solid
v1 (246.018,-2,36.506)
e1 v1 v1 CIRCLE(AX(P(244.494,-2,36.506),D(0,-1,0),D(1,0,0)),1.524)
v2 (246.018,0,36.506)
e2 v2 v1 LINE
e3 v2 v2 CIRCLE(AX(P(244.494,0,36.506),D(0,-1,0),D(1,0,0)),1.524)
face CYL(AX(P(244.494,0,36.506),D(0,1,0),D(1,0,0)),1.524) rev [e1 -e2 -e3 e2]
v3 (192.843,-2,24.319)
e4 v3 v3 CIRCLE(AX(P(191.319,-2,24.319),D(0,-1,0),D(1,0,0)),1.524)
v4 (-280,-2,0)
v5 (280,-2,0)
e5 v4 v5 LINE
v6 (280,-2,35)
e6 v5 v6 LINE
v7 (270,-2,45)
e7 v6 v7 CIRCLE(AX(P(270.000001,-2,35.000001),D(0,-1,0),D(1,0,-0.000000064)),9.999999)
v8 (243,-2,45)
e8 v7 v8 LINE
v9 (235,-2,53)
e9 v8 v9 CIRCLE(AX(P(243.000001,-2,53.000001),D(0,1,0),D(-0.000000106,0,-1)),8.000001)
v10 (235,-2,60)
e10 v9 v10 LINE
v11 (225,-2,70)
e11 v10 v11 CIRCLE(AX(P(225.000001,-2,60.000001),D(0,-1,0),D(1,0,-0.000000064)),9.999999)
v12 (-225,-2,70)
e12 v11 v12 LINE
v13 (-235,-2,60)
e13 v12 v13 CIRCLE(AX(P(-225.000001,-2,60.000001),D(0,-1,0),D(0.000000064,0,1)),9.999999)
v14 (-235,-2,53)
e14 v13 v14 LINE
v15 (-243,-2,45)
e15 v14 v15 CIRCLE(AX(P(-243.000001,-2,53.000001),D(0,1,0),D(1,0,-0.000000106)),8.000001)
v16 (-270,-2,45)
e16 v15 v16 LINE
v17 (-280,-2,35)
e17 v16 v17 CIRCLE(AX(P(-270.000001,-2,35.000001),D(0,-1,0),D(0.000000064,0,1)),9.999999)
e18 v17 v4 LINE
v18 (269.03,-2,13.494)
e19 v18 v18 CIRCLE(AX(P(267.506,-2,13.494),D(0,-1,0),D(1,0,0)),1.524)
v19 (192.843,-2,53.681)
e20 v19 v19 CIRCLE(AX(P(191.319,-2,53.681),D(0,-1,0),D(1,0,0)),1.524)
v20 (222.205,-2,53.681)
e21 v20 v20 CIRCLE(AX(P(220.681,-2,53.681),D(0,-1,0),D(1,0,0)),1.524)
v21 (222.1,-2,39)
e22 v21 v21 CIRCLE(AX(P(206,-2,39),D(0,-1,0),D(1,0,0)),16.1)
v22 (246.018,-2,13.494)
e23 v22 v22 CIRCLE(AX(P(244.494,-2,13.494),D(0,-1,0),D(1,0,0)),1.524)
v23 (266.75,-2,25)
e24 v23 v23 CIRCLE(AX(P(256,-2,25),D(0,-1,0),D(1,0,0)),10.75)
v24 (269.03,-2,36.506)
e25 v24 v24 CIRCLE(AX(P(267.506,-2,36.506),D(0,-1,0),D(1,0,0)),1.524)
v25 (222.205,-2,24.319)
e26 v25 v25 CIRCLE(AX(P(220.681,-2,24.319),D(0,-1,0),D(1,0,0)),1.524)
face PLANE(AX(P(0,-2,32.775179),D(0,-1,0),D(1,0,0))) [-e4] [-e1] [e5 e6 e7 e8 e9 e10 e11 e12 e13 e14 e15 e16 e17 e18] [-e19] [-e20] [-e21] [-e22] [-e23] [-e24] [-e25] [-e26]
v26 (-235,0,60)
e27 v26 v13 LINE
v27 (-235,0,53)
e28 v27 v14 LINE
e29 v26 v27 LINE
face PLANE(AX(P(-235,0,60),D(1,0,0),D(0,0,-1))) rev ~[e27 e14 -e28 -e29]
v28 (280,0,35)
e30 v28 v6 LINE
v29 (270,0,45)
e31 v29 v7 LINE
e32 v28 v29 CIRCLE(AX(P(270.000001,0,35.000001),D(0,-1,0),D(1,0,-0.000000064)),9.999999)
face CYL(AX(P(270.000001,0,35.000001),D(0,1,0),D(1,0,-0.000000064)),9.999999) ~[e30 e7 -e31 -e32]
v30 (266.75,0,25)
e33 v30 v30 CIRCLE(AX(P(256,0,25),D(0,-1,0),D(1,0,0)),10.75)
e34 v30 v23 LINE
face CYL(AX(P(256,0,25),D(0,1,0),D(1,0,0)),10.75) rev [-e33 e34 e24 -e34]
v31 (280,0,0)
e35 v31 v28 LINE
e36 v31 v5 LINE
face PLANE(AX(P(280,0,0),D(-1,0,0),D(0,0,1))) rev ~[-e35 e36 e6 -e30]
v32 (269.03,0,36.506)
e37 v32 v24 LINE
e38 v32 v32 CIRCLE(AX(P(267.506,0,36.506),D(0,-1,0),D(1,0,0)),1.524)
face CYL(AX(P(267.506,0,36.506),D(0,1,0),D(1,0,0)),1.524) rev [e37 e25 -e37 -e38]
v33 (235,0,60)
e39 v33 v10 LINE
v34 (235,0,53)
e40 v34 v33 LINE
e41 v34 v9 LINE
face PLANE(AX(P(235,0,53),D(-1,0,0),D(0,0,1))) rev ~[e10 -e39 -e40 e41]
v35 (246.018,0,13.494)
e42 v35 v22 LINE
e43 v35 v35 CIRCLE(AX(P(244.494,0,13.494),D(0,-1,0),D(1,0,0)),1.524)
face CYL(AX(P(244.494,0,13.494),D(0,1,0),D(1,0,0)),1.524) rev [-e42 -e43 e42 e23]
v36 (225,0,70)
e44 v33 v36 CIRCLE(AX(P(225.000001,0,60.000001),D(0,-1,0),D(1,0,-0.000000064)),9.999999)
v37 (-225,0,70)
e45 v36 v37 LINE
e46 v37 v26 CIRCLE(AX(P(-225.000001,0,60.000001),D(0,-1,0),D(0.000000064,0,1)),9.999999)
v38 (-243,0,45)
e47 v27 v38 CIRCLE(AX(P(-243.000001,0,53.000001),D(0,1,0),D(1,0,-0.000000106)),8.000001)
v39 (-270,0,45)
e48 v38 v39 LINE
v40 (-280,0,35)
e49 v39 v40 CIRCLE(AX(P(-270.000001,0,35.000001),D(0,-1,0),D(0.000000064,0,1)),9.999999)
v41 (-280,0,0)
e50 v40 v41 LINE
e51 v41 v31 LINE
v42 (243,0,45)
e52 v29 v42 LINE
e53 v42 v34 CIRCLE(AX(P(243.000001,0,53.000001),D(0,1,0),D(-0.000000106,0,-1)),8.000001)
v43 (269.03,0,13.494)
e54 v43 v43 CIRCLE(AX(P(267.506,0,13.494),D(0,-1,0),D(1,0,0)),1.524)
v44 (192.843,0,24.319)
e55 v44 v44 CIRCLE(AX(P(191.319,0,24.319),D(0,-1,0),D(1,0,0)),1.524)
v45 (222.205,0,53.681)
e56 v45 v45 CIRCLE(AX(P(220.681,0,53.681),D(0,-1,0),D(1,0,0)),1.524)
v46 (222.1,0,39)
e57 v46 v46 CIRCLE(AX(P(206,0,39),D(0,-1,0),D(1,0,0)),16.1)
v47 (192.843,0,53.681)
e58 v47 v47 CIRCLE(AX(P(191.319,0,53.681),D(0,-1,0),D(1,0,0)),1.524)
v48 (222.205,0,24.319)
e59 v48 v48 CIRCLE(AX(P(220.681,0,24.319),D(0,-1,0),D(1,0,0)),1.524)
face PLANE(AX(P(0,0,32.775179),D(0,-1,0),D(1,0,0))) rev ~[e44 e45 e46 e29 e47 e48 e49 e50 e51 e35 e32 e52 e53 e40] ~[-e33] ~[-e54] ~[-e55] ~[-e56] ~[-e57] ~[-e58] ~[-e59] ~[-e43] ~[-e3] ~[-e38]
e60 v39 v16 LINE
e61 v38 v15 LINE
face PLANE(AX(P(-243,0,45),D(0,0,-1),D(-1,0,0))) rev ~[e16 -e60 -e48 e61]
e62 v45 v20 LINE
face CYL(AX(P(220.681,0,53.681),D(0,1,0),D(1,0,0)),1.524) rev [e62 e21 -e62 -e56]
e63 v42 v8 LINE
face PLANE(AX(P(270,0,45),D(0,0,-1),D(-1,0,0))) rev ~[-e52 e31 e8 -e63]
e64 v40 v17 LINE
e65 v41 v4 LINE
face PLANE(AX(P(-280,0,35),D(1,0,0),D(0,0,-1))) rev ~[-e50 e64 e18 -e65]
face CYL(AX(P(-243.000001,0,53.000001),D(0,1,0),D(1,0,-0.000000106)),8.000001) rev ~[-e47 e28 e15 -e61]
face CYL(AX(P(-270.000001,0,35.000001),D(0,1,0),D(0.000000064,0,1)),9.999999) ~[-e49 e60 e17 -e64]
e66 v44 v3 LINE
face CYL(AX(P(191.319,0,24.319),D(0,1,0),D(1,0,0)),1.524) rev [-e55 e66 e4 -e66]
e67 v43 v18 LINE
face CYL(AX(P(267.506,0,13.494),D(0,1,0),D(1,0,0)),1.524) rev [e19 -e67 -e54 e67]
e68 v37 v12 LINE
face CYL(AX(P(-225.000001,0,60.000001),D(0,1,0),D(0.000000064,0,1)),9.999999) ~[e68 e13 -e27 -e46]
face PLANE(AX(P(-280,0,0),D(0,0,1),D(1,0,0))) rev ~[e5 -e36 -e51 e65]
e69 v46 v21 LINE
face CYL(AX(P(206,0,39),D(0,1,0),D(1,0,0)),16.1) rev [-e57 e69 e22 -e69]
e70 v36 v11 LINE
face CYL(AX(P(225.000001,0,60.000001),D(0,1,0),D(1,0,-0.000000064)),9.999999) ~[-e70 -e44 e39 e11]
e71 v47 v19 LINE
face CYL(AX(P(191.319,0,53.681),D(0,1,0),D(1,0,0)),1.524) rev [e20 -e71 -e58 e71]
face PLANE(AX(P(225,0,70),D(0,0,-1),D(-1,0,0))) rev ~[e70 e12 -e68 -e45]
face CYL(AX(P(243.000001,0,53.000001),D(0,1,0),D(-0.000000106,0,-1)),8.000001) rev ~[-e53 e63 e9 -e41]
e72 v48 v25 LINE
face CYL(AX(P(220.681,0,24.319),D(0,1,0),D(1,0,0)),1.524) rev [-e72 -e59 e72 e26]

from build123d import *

# Parameters (mm, degrees)
F0_R     = 1.524
F0_R_2   = 10.75
F0_R_3   = 16.1
F1_DEPTH = 2


with BuildPart() as f1:
    # F0 (on Front) → F1 (new body)
    with BuildSketch(Plane.XZ):
        with BuildLine():
            Line((-280, 0), (0, 0))
            Line((0, 0), (280, 0))
            Line((280, 0), (280, 35))
            ThreePointArc((280, 35), (277.071068, 42.071068), (270, 45))
            Line((270, 45), (243, 45))
            ThreePointArc((243, 45), (237.343146, 47.343146), (235, 53))
            Line((235, 53), (235, 60))
            ThreePointArc((235, 60), (232.071068, 67.071068), (225, 70))
            Line((225, 70), (0, 70))
            Line((0, 70), (-225, 70))
            ThreePointArc((-225, 70), (-232.071068, 67.071068), (-235, 60))
            Line((-235, 60), (-235, 53))
            ThreePointArc((-235, 53), (-237.343146, 47.343146), (-243, 45))
            Line((-243, 45), (-270, 45))
            ThreePointArc((-270, 45), (-277.071068, 42.071068), (-280, 35))
            Line((-280, 35), (-280, 0))
        make_face()
        with Locations((244.494, 13.494)):
            Circle(F0_R, mode=Mode.SUBTRACT)
        with Locations((267.506, 13.494)):
            Circle(F0_R, mode=Mode.SUBTRACT)
        with Locations((191.319, 24.319)):
            Circle(F0_R, mode=Mode.SUBTRACT)
        with Locations((220.681, 24.319)):
            Circle(F0_R, mode=Mode.SUBTRACT)
        with Locations((256, 25)):
            Circle(F0_R_2, mode=Mode.SUBTRACT)
        with Locations((206, 39)):
            Circle(F0_R_3, mode=Mode.SUBTRACT)
        with Locations((244.494, 36.506)):
            Circle(F0_R, mode=Mode.SUBTRACT)
        with Locations((267.506, 36.506)):
            Circle(F0_R, mode=Mode.SUBTRACT)
        with Locations((191.319, 53.681)):
            Circle(F0_R, mode=Mode.SUBTRACT)
        with Locations((220.681, 53.681)):
            Circle(F0_R, mode=Mode.SUBTRACT)
    extrude(amount=F1_DEPTH)


solid = f1.part
